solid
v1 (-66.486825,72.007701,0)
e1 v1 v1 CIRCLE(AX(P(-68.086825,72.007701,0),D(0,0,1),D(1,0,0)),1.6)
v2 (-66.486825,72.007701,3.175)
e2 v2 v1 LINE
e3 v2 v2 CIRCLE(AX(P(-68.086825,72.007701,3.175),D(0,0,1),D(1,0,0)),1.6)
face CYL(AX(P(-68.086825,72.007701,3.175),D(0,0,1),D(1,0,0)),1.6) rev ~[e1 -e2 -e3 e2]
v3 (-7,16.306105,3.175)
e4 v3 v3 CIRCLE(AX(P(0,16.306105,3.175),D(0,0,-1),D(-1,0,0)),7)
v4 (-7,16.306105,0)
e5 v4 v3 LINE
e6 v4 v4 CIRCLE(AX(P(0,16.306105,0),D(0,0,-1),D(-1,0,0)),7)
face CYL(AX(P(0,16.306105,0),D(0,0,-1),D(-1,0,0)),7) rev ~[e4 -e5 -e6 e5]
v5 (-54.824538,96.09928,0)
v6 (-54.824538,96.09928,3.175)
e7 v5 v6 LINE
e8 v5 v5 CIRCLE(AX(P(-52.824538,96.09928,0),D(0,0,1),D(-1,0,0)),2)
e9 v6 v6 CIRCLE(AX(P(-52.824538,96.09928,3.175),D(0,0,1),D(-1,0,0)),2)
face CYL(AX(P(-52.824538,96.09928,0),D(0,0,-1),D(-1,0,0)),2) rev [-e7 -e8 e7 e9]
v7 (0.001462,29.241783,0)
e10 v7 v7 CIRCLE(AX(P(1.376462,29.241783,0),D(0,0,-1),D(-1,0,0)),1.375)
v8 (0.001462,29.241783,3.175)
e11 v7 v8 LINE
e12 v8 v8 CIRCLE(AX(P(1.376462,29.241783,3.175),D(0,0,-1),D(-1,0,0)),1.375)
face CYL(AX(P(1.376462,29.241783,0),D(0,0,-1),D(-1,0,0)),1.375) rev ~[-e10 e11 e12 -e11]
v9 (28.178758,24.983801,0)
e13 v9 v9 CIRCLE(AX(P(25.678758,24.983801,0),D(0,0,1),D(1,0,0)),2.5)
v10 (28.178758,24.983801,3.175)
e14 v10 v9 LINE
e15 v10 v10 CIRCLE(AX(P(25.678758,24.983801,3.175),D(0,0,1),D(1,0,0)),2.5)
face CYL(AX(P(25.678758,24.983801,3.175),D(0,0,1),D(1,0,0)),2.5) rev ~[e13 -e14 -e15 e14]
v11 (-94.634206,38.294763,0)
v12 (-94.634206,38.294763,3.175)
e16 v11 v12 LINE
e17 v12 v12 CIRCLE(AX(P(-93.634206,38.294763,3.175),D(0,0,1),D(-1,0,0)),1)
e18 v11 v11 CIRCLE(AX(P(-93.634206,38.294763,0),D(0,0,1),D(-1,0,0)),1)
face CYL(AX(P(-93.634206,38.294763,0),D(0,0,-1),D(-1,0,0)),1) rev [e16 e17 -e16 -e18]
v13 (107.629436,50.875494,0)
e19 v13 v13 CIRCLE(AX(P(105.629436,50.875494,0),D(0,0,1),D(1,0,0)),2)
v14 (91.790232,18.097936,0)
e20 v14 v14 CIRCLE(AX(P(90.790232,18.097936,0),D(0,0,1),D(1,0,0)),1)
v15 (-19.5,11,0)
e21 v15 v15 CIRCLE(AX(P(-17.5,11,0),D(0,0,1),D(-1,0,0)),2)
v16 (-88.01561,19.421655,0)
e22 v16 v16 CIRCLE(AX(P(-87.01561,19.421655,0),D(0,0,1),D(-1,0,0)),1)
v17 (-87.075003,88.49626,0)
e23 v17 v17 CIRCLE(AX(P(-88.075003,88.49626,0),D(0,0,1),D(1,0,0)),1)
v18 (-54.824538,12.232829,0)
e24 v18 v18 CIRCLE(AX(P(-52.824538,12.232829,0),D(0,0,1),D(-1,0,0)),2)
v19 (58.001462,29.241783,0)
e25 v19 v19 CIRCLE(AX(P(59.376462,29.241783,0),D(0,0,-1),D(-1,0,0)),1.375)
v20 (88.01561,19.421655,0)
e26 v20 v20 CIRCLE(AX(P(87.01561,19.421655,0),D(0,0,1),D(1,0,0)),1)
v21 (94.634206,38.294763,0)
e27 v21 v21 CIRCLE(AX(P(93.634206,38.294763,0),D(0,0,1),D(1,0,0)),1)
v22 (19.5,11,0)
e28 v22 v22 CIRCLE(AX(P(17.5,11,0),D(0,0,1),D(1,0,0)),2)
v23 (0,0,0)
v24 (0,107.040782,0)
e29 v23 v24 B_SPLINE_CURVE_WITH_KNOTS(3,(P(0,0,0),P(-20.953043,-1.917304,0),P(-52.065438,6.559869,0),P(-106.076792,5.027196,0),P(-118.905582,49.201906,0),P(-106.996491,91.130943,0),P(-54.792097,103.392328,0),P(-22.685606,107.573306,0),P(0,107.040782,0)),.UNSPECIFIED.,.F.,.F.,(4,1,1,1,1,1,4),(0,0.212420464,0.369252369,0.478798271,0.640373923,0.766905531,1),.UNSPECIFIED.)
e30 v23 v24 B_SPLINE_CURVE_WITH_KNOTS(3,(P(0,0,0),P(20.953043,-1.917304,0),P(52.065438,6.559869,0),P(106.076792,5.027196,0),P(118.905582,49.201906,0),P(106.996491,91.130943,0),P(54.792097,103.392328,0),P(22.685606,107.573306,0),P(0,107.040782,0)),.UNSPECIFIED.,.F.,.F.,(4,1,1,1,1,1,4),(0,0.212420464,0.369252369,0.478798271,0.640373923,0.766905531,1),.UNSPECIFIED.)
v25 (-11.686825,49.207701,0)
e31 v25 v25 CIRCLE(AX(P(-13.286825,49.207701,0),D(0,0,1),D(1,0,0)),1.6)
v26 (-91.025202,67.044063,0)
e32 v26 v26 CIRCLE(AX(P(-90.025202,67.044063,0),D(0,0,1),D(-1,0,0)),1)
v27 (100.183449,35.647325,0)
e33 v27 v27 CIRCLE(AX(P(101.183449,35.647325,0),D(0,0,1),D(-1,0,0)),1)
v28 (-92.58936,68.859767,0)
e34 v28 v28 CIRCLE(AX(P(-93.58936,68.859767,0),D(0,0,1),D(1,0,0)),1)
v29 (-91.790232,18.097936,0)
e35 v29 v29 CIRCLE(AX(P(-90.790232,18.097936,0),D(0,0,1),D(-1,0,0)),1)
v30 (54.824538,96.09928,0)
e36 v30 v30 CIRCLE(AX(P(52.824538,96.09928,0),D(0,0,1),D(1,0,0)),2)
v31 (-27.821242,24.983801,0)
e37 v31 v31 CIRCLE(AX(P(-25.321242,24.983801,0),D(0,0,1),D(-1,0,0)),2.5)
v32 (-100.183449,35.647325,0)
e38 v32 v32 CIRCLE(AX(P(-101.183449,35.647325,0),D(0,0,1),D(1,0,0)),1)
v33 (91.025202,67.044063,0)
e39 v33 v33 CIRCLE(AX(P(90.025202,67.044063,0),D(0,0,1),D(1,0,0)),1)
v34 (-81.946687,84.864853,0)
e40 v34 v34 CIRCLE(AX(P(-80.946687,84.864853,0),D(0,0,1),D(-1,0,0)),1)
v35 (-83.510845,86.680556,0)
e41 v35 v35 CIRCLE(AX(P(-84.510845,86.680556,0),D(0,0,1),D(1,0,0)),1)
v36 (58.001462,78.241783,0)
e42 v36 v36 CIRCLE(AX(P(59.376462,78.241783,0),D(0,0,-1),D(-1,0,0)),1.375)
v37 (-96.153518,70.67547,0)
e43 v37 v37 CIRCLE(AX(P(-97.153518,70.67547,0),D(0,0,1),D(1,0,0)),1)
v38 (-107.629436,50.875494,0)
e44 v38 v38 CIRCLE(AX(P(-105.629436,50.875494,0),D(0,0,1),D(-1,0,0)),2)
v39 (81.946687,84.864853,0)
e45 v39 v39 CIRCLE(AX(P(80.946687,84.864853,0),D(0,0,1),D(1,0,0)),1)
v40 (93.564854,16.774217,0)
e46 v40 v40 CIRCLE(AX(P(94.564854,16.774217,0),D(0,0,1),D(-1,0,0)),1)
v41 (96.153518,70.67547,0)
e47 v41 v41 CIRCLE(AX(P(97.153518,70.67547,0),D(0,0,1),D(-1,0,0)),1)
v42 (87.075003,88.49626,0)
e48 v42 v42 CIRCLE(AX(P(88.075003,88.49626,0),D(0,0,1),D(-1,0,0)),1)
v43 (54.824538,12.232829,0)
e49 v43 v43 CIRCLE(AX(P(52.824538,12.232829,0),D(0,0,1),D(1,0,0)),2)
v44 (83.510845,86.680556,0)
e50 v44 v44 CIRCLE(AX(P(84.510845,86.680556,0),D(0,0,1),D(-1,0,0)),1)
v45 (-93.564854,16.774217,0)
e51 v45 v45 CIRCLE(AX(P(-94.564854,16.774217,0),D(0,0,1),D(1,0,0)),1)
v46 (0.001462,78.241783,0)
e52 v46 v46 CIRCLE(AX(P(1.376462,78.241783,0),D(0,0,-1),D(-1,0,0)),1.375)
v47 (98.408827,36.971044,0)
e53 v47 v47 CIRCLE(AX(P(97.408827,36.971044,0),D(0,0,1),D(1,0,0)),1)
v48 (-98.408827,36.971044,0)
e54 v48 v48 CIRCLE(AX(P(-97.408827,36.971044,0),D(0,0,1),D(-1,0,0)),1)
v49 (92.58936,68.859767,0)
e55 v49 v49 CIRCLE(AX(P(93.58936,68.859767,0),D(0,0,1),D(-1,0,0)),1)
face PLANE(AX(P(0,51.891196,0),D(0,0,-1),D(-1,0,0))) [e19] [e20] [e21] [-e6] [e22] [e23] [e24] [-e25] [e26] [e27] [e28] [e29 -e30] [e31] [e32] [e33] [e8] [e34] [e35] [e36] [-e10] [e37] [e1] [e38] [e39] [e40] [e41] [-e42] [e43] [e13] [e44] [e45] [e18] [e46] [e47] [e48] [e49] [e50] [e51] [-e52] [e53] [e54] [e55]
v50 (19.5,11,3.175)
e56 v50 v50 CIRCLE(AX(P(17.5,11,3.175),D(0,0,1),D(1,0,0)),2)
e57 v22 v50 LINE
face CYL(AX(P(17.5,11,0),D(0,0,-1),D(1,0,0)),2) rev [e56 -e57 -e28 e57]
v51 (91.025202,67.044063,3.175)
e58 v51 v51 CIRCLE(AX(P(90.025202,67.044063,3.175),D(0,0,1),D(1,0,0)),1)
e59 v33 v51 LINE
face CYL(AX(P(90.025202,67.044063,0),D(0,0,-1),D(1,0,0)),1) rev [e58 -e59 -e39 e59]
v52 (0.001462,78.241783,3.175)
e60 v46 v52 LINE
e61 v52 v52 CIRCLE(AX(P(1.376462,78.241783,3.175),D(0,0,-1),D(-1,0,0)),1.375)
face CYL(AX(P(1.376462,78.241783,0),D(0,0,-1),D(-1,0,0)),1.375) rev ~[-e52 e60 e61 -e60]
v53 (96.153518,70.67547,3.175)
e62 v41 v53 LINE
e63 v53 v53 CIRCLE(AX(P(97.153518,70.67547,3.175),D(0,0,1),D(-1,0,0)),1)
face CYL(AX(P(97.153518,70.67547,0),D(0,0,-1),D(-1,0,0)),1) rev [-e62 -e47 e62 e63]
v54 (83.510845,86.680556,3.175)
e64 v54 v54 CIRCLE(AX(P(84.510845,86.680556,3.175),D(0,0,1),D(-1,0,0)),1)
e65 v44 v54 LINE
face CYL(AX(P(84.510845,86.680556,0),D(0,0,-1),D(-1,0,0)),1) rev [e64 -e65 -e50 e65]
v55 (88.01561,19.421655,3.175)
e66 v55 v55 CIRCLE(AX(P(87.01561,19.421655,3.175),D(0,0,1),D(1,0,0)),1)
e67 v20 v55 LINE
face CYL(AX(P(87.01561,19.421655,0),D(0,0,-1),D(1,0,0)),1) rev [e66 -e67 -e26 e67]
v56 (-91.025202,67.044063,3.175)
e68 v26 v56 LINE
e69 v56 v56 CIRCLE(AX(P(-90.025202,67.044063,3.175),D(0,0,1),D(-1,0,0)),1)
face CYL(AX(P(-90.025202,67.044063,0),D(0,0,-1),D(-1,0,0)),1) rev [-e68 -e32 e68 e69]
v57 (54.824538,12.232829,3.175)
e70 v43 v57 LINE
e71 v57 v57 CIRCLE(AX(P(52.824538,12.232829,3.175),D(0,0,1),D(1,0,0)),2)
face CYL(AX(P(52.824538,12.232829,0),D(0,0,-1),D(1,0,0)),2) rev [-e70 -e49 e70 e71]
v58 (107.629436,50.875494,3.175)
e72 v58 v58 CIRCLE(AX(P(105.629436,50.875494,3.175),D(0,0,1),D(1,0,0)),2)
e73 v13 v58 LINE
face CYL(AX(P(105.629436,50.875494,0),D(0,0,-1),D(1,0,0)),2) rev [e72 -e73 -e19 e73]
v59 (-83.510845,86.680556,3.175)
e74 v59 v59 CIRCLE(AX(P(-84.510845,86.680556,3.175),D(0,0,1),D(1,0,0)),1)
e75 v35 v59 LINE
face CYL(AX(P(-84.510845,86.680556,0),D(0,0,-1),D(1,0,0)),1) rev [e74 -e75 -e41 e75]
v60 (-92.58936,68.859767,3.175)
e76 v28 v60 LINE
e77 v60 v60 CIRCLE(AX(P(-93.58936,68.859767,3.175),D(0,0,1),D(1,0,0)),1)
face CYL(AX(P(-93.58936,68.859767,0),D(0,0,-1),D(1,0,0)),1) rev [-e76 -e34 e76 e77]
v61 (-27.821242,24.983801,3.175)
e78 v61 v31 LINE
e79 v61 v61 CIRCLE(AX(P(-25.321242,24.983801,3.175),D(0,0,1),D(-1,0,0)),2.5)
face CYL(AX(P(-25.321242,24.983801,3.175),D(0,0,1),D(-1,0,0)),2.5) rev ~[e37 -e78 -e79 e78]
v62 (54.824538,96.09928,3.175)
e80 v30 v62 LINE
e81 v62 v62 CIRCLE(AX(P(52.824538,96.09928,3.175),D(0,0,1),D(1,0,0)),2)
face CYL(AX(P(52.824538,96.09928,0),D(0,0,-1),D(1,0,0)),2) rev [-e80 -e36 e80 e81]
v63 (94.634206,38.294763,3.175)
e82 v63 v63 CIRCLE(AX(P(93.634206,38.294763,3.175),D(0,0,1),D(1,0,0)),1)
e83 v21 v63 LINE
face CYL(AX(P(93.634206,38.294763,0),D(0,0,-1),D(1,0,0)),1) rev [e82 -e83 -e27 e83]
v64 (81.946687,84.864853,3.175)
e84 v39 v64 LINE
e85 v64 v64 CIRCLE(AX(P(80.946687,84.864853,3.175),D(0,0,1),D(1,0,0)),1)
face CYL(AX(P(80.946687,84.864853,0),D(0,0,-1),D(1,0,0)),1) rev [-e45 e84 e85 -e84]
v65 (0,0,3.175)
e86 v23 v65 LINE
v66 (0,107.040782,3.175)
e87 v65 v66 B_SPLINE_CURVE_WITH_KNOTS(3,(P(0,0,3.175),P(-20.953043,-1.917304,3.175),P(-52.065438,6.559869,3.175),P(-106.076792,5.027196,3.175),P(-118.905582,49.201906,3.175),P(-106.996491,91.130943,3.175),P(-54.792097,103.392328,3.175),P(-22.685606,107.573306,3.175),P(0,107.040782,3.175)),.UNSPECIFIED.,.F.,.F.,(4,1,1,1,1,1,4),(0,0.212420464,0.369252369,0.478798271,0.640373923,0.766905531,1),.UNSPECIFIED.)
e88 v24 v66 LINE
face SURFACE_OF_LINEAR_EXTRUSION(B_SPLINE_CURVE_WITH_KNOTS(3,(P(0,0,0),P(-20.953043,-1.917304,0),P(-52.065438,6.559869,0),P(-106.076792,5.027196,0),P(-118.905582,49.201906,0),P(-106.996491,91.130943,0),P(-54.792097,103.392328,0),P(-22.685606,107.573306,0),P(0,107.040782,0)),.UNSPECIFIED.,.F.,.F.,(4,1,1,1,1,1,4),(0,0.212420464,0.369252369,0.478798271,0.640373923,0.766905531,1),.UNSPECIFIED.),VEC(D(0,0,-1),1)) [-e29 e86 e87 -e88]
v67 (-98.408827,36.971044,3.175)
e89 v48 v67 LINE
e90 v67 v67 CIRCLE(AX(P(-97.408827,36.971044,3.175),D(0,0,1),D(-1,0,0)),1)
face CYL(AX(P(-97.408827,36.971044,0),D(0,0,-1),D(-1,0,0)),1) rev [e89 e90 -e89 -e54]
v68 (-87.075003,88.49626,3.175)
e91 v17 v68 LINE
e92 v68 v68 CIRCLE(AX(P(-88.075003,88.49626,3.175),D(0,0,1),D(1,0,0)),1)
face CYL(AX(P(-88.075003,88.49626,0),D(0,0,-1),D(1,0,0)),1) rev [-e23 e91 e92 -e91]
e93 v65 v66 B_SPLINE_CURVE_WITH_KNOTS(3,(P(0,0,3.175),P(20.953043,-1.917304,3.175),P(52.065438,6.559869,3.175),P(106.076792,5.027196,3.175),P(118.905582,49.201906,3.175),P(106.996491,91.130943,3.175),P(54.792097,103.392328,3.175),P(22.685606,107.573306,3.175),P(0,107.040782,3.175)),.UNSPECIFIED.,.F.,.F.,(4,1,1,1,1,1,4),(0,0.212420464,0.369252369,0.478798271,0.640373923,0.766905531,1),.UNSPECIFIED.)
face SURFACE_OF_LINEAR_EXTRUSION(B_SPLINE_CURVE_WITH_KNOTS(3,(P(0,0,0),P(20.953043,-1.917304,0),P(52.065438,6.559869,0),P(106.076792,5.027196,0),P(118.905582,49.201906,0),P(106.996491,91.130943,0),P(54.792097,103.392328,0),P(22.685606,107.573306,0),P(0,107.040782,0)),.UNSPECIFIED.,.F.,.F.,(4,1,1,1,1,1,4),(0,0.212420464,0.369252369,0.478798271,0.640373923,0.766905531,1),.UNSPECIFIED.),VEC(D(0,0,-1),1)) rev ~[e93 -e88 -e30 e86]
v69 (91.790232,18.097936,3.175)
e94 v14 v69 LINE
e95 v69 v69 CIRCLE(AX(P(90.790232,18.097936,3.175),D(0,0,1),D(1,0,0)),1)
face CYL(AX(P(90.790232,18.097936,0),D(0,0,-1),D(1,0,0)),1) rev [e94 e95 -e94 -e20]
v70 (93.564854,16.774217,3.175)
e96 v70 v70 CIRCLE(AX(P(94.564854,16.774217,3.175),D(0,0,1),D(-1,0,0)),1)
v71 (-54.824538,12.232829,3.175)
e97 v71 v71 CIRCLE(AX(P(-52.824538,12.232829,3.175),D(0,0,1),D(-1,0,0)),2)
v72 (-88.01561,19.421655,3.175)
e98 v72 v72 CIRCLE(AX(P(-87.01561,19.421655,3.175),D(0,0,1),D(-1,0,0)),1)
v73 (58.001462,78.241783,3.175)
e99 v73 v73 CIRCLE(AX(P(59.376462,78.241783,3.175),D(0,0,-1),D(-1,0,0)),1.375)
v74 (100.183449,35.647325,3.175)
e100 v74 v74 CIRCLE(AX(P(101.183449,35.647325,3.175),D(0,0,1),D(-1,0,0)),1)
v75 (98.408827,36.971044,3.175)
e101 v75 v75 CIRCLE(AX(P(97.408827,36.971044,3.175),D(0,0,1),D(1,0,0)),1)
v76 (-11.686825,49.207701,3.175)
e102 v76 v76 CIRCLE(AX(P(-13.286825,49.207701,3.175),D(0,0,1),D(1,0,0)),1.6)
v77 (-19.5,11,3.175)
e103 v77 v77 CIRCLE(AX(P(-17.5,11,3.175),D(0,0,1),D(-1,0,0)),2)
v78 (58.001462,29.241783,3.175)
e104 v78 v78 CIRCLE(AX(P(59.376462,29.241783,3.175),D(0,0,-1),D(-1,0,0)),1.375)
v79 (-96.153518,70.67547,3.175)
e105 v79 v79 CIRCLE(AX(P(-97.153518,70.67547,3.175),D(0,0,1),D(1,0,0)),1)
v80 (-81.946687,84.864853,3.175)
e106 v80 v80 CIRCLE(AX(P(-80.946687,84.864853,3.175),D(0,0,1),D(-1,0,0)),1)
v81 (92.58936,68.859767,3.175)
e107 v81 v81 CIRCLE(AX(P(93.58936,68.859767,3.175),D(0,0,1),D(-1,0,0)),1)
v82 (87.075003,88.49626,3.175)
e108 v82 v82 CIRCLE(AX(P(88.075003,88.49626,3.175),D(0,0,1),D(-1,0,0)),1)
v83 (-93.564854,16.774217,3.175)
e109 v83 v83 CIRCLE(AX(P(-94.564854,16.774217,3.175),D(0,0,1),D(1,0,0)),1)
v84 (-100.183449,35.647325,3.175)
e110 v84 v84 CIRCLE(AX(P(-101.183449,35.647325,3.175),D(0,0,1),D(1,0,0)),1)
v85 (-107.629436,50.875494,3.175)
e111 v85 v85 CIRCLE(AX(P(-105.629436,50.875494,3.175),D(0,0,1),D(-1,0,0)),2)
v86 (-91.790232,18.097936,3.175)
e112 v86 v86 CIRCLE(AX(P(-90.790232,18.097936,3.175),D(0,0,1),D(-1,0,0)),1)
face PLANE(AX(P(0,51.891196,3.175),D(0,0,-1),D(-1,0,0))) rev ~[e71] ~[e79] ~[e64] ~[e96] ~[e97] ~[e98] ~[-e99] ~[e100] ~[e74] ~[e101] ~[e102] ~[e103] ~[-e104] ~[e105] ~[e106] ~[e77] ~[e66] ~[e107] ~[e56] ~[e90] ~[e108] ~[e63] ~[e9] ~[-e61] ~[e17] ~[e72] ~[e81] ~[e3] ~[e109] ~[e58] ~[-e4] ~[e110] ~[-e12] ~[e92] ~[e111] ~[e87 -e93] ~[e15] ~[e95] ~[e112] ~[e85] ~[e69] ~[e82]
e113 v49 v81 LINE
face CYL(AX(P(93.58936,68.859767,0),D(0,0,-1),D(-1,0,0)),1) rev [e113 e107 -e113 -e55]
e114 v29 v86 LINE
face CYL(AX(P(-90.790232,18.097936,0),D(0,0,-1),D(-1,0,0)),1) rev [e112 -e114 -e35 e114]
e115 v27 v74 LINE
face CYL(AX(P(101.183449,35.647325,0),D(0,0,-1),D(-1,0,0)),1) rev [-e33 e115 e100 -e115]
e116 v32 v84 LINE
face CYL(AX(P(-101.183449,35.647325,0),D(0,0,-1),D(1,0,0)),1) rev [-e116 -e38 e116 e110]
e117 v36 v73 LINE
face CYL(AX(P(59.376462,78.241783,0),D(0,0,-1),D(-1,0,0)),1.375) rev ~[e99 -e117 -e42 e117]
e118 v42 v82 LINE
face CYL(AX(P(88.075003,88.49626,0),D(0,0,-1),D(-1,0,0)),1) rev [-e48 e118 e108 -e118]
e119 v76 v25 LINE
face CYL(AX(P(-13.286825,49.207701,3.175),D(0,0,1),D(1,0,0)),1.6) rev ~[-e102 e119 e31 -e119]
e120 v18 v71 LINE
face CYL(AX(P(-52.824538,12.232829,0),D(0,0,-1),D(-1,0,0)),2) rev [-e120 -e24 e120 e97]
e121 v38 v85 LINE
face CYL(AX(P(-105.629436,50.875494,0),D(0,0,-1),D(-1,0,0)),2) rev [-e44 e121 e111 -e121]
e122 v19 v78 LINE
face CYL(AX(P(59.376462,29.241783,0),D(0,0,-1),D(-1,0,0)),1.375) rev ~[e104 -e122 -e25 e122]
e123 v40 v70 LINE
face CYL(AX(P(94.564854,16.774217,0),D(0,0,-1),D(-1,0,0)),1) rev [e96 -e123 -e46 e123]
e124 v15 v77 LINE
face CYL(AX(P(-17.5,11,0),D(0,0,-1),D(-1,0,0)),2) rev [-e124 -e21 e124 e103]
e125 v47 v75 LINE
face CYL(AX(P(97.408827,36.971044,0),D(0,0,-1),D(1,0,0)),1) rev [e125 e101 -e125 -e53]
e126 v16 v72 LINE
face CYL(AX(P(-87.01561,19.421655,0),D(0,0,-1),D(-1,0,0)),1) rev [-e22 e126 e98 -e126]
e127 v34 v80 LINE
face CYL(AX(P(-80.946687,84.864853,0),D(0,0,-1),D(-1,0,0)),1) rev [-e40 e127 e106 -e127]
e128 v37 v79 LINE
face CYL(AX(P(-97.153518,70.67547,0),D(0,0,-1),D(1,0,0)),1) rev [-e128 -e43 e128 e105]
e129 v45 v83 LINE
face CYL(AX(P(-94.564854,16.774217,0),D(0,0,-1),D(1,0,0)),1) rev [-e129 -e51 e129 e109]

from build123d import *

# Parameters (mm, degrees)
SKETCH2_R           = 2
SKETCH2_R_2         = 1
BOSS_EXTRUDE1_DEPTH = 3.175
SKETCH3_R           = 2.5
CUT_EXTRUDE1_DEPTH  = 158.042768909
SKETCH6_R           = 1.6
CUT_EXTRUDE3_DEPTH  = 158.042768909
SKETCH7_R           = 7
CUT_EXTRUDE4_DEPTH  = 10
SKETCH8_R           = 1.375
CUT_EXTRUDE5_DEPTH  = 158.042768909


with BuildPart() as part:
    # Sketch2 → Boss-Extrude1 (new body)
    with BuildSketch(Plane.XY):
        with BuildLine():
            add(Edge.make_bspline(
                [(0, 0), (-20.953042836, -1.917303519), (-52.065437904, 6.559869489), (-106.076791765, 5.027195947), (-118.905582253, 49.201905636), (-106.996491135, 91.130942668), (-54.792097317, 103.392327906), (-22.685606194, 107.573305963), (0, 107.040782028)],
                knots=[0, 0, 0, 0, 0.212420464, 0.369252369, 0.478798271, 0.640373923, 0.766905531, 1, 1, 1, 1], degree=3))
            add(Edge.make_bspline(
                [(0, 0), (20.953042836, -1.917303519), (52.065437904, 6.559869489), (106.076791765, 5.027195947), (118.905582253, 49.201905636), (106.996491135, 91.130942668), (54.792097317, 103.392327906), (22.685606194, 107.573305963), (0, 107.040782028)],
                knots=[0, 0, 0, 0, 0.212420464, 0.369252369, 0.478798271, 0.640373923, 0.766905531, 1, 1, 1, 1], degree=3))
        make_face()
        with Locations((105.629435859, 50.875493963)):
            Circle(SKETCH2_R, mode=Mode.SUBTRACT)
        with Locations((97.408827326, 36.971043837)):
            Circle(SKETCH2_R_2, mode=Mode.SUBTRACT)
        with Locations((90.790231972, 18.097936103)):
            Circle(SKETCH2_R_2, mode=Mode.SUBTRACT)
        with Locations((90.025202431, 67.044063381)):
            Circle(SKETCH2_R_2, mode=Mode.SUBTRACT)
        with Locations((80.946686803, 84.864853319)):
            Circle(SKETCH2_R_2, mode=Mode.SUBTRACT)
        with Locations((52.824538288, 12.232829458)):
            Circle(SKETCH2_R, mode=Mode.SUBTRACT)
        with Locations((17.5, 11)):
            Circle(SKETCH2_R, mode=Mode.SUBTRACT)
        with Locations(Location((-17.5, 11, 0), (0, 0, 180))):
            Circle(SKETCH2_R, mode=Mode.SUBTRACT)
        with Locations(Location((-52.824538288, 12.232829458, 0), (0, 0, 180))):
            Circle(SKETCH2_R, mode=Mode.SUBTRACT)
        with Locations(Location((-105.629435859, 50.875493963, 0), (0, 0, 180))):
            Circle(SKETCH2_R, mode=Mode.SUBTRACT)
        with Locations((93.634205779, 38.294762908)):
            Circle(SKETCH2_R_2, mode=Mode.SUBTRACT)
        with Locations((87.015610425, 19.421655174)):
            Circle(SKETCH2_R_2, mode=Mode.SUBTRACT)
        with Locations(Location((84.51084479, 86.680556444, 0), (0, 0, 180))):
            Circle(SKETCH2_R_2, mode=Mode.SUBTRACT)
        with Locations(Location((93.589360419, 68.859766507, 0), (0, 0, 180))):
            Circle(SKETCH2_R_2, mode=Mode.SUBTRACT)
        with Locations(Location((88.075002778, 88.49625957, 0), (0, 0, 180))):
            Circle(SKETCH2_R_2, mode=Mode.SUBTRACT)
        with Locations(Location((97.153518406, 70.675469633, 0), (0, 0, 180))):
            Circle(SKETCH2_R_2, mode=Mode.SUBTRACT)
        with Locations(Location((101.183448873, 35.647324767, 0), (0, 0, 180))):
            Circle(SKETCH2_R_2, mode=Mode.SUBTRACT)
        with Locations(Location((94.564853519, 16.774217033, 0), (0, 0, 180))):
            Circle(SKETCH2_R_2, mode=Mode.SUBTRACT)
        with Locations((52.824538288, 96.099280066)):
            Circle(SKETCH2_R, mode=Mode.SUBTRACT)
        with Locations(Location((-52.824538288, 96.099280066, 0), (0, 0, 180))):
            Circle(SKETCH2_R, mode=Mode.SUBTRACT)
        with Locations(Location((-90.025202431, 67.044063381, 0), (0, 0, 180))):
            Circle(SKETCH2_R_2, mode=Mode.SUBTRACT)
        with Locations((-93.589360419, 68.859766507)):
            Circle(SKETCH2_R_2, mode=Mode.SUBTRACT)
        with Locations((-97.153518406, 70.675469633)):
            Circle(SKETCH2_R_2, mode=Mode.SUBTRACT)
        with Locations((-88.075002778, 88.49625957)):
            Circle(SKETCH2_R_2, mode=Mode.SUBTRACT)
        with Locations((-84.51084479, 86.680556444)):
            Circle(SKETCH2_R_2, mode=Mode.SUBTRACT)
        with Locations(Location((-80.946686803, 84.864853319, 0), (0, 0, 180))):
            Circle(SKETCH2_R_2, mode=Mode.SUBTRACT)
        with Locations((-101.183448873, 35.647324767)):
            Circle(SKETCH2_R_2, mode=Mode.SUBTRACT)
        with Locations(Location((-97.408827326, 36.971043837, 0), (0, 0, 180))):
            Circle(SKETCH2_R_2, mode=Mode.SUBTRACT)
        with Locations(Location((-93.634205779, 38.294762908, 0), (0, 0, 180))):
            Circle(SKETCH2_R_2, mode=Mode.SUBTRACT)
        with Locations((-94.564853519, 16.774217033)):
            Circle(SKETCH2_R_2, mode=Mode.SUBTRACT)
        with Locations(Location((-90.790231972, 18.097936103, 0), (0, 0, 180))):
            Circle(SKETCH2_R_2, mode=Mode.SUBTRACT)
        with Locations(Location((-87.015610425, 19.421655174, 0), (0, 0, 180))):
            Circle(SKETCH2_R_2, mode=Mode.SUBTRACT)
    extrude(amount=BOSS_EXTRUDE1_DEPTH)

    # Sketch3 → Cut-Extrude1 (cut, through all)
    with BuildSketch(Plane.XY.offset(3.175)):
        with Locations((25.67875751, 24.983800797)):
            Circle(SKETCH3_R)
        with Locations(Location((-25.32124249, 24.983800797, 0), (0, 0, 180))):
            Circle(SKETCH3_R)
    extrude(amount=-CUT_EXTRUDE1_DEPTH, mode=Mode.SUBTRACT)

    # Sketch6 → Cut-Extrude3 (cut, through all)
    with BuildSketch(Plane.XY.offset(3.175)):
        with Locations((-13.286825274, 49.207700743)):
            Circle(SKETCH6_R)
        with Locations((-68.086825274, 72.007700743)):
            Circle(SKETCH6_R)
    extrude(amount=-CUT_EXTRUDE3_DEPTH, mode=Mode.SUBTRACT)

    # Sketch7 → Cut-Extrude4 (cut)
    with BuildSketch(Plane(origin=(0, 0, 0), x_dir=(-1, 0, 0), z_dir=(0, 0, -1))):
        with Locations((0, 16.306104536)):
            Circle(SKETCH7_R)
    extrude(amount=-CUT_EXTRUDE4_DEPTH, mode=Mode.SUBTRACT)

    # Sketch8 → Cut-Extrude5 (cut, through all)
    with BuildSketch(Plane(origin=(0, 0, 0), x_dir=(-1, 0, 0), z_dir=(0, 0, -1))):
        with Locations((-59.376462102, 29.241782778)):
            Circle(SKETCH8_R)
        with Locations((-59.376462102, 78.241782778)):
            Circle(SKETCH8_R)
        with Locations((-1.376462102, 78.241782778)):
            Circle(SKETCH8_R)
        with Locations((-1.376462102, 29.241782778)):
            Circle(SKETCH8_R)
    extrude(amount=-CUT_EXTRUDE5_DEPTH, mode=Mode.SUBTRACT)


solid = part.part
